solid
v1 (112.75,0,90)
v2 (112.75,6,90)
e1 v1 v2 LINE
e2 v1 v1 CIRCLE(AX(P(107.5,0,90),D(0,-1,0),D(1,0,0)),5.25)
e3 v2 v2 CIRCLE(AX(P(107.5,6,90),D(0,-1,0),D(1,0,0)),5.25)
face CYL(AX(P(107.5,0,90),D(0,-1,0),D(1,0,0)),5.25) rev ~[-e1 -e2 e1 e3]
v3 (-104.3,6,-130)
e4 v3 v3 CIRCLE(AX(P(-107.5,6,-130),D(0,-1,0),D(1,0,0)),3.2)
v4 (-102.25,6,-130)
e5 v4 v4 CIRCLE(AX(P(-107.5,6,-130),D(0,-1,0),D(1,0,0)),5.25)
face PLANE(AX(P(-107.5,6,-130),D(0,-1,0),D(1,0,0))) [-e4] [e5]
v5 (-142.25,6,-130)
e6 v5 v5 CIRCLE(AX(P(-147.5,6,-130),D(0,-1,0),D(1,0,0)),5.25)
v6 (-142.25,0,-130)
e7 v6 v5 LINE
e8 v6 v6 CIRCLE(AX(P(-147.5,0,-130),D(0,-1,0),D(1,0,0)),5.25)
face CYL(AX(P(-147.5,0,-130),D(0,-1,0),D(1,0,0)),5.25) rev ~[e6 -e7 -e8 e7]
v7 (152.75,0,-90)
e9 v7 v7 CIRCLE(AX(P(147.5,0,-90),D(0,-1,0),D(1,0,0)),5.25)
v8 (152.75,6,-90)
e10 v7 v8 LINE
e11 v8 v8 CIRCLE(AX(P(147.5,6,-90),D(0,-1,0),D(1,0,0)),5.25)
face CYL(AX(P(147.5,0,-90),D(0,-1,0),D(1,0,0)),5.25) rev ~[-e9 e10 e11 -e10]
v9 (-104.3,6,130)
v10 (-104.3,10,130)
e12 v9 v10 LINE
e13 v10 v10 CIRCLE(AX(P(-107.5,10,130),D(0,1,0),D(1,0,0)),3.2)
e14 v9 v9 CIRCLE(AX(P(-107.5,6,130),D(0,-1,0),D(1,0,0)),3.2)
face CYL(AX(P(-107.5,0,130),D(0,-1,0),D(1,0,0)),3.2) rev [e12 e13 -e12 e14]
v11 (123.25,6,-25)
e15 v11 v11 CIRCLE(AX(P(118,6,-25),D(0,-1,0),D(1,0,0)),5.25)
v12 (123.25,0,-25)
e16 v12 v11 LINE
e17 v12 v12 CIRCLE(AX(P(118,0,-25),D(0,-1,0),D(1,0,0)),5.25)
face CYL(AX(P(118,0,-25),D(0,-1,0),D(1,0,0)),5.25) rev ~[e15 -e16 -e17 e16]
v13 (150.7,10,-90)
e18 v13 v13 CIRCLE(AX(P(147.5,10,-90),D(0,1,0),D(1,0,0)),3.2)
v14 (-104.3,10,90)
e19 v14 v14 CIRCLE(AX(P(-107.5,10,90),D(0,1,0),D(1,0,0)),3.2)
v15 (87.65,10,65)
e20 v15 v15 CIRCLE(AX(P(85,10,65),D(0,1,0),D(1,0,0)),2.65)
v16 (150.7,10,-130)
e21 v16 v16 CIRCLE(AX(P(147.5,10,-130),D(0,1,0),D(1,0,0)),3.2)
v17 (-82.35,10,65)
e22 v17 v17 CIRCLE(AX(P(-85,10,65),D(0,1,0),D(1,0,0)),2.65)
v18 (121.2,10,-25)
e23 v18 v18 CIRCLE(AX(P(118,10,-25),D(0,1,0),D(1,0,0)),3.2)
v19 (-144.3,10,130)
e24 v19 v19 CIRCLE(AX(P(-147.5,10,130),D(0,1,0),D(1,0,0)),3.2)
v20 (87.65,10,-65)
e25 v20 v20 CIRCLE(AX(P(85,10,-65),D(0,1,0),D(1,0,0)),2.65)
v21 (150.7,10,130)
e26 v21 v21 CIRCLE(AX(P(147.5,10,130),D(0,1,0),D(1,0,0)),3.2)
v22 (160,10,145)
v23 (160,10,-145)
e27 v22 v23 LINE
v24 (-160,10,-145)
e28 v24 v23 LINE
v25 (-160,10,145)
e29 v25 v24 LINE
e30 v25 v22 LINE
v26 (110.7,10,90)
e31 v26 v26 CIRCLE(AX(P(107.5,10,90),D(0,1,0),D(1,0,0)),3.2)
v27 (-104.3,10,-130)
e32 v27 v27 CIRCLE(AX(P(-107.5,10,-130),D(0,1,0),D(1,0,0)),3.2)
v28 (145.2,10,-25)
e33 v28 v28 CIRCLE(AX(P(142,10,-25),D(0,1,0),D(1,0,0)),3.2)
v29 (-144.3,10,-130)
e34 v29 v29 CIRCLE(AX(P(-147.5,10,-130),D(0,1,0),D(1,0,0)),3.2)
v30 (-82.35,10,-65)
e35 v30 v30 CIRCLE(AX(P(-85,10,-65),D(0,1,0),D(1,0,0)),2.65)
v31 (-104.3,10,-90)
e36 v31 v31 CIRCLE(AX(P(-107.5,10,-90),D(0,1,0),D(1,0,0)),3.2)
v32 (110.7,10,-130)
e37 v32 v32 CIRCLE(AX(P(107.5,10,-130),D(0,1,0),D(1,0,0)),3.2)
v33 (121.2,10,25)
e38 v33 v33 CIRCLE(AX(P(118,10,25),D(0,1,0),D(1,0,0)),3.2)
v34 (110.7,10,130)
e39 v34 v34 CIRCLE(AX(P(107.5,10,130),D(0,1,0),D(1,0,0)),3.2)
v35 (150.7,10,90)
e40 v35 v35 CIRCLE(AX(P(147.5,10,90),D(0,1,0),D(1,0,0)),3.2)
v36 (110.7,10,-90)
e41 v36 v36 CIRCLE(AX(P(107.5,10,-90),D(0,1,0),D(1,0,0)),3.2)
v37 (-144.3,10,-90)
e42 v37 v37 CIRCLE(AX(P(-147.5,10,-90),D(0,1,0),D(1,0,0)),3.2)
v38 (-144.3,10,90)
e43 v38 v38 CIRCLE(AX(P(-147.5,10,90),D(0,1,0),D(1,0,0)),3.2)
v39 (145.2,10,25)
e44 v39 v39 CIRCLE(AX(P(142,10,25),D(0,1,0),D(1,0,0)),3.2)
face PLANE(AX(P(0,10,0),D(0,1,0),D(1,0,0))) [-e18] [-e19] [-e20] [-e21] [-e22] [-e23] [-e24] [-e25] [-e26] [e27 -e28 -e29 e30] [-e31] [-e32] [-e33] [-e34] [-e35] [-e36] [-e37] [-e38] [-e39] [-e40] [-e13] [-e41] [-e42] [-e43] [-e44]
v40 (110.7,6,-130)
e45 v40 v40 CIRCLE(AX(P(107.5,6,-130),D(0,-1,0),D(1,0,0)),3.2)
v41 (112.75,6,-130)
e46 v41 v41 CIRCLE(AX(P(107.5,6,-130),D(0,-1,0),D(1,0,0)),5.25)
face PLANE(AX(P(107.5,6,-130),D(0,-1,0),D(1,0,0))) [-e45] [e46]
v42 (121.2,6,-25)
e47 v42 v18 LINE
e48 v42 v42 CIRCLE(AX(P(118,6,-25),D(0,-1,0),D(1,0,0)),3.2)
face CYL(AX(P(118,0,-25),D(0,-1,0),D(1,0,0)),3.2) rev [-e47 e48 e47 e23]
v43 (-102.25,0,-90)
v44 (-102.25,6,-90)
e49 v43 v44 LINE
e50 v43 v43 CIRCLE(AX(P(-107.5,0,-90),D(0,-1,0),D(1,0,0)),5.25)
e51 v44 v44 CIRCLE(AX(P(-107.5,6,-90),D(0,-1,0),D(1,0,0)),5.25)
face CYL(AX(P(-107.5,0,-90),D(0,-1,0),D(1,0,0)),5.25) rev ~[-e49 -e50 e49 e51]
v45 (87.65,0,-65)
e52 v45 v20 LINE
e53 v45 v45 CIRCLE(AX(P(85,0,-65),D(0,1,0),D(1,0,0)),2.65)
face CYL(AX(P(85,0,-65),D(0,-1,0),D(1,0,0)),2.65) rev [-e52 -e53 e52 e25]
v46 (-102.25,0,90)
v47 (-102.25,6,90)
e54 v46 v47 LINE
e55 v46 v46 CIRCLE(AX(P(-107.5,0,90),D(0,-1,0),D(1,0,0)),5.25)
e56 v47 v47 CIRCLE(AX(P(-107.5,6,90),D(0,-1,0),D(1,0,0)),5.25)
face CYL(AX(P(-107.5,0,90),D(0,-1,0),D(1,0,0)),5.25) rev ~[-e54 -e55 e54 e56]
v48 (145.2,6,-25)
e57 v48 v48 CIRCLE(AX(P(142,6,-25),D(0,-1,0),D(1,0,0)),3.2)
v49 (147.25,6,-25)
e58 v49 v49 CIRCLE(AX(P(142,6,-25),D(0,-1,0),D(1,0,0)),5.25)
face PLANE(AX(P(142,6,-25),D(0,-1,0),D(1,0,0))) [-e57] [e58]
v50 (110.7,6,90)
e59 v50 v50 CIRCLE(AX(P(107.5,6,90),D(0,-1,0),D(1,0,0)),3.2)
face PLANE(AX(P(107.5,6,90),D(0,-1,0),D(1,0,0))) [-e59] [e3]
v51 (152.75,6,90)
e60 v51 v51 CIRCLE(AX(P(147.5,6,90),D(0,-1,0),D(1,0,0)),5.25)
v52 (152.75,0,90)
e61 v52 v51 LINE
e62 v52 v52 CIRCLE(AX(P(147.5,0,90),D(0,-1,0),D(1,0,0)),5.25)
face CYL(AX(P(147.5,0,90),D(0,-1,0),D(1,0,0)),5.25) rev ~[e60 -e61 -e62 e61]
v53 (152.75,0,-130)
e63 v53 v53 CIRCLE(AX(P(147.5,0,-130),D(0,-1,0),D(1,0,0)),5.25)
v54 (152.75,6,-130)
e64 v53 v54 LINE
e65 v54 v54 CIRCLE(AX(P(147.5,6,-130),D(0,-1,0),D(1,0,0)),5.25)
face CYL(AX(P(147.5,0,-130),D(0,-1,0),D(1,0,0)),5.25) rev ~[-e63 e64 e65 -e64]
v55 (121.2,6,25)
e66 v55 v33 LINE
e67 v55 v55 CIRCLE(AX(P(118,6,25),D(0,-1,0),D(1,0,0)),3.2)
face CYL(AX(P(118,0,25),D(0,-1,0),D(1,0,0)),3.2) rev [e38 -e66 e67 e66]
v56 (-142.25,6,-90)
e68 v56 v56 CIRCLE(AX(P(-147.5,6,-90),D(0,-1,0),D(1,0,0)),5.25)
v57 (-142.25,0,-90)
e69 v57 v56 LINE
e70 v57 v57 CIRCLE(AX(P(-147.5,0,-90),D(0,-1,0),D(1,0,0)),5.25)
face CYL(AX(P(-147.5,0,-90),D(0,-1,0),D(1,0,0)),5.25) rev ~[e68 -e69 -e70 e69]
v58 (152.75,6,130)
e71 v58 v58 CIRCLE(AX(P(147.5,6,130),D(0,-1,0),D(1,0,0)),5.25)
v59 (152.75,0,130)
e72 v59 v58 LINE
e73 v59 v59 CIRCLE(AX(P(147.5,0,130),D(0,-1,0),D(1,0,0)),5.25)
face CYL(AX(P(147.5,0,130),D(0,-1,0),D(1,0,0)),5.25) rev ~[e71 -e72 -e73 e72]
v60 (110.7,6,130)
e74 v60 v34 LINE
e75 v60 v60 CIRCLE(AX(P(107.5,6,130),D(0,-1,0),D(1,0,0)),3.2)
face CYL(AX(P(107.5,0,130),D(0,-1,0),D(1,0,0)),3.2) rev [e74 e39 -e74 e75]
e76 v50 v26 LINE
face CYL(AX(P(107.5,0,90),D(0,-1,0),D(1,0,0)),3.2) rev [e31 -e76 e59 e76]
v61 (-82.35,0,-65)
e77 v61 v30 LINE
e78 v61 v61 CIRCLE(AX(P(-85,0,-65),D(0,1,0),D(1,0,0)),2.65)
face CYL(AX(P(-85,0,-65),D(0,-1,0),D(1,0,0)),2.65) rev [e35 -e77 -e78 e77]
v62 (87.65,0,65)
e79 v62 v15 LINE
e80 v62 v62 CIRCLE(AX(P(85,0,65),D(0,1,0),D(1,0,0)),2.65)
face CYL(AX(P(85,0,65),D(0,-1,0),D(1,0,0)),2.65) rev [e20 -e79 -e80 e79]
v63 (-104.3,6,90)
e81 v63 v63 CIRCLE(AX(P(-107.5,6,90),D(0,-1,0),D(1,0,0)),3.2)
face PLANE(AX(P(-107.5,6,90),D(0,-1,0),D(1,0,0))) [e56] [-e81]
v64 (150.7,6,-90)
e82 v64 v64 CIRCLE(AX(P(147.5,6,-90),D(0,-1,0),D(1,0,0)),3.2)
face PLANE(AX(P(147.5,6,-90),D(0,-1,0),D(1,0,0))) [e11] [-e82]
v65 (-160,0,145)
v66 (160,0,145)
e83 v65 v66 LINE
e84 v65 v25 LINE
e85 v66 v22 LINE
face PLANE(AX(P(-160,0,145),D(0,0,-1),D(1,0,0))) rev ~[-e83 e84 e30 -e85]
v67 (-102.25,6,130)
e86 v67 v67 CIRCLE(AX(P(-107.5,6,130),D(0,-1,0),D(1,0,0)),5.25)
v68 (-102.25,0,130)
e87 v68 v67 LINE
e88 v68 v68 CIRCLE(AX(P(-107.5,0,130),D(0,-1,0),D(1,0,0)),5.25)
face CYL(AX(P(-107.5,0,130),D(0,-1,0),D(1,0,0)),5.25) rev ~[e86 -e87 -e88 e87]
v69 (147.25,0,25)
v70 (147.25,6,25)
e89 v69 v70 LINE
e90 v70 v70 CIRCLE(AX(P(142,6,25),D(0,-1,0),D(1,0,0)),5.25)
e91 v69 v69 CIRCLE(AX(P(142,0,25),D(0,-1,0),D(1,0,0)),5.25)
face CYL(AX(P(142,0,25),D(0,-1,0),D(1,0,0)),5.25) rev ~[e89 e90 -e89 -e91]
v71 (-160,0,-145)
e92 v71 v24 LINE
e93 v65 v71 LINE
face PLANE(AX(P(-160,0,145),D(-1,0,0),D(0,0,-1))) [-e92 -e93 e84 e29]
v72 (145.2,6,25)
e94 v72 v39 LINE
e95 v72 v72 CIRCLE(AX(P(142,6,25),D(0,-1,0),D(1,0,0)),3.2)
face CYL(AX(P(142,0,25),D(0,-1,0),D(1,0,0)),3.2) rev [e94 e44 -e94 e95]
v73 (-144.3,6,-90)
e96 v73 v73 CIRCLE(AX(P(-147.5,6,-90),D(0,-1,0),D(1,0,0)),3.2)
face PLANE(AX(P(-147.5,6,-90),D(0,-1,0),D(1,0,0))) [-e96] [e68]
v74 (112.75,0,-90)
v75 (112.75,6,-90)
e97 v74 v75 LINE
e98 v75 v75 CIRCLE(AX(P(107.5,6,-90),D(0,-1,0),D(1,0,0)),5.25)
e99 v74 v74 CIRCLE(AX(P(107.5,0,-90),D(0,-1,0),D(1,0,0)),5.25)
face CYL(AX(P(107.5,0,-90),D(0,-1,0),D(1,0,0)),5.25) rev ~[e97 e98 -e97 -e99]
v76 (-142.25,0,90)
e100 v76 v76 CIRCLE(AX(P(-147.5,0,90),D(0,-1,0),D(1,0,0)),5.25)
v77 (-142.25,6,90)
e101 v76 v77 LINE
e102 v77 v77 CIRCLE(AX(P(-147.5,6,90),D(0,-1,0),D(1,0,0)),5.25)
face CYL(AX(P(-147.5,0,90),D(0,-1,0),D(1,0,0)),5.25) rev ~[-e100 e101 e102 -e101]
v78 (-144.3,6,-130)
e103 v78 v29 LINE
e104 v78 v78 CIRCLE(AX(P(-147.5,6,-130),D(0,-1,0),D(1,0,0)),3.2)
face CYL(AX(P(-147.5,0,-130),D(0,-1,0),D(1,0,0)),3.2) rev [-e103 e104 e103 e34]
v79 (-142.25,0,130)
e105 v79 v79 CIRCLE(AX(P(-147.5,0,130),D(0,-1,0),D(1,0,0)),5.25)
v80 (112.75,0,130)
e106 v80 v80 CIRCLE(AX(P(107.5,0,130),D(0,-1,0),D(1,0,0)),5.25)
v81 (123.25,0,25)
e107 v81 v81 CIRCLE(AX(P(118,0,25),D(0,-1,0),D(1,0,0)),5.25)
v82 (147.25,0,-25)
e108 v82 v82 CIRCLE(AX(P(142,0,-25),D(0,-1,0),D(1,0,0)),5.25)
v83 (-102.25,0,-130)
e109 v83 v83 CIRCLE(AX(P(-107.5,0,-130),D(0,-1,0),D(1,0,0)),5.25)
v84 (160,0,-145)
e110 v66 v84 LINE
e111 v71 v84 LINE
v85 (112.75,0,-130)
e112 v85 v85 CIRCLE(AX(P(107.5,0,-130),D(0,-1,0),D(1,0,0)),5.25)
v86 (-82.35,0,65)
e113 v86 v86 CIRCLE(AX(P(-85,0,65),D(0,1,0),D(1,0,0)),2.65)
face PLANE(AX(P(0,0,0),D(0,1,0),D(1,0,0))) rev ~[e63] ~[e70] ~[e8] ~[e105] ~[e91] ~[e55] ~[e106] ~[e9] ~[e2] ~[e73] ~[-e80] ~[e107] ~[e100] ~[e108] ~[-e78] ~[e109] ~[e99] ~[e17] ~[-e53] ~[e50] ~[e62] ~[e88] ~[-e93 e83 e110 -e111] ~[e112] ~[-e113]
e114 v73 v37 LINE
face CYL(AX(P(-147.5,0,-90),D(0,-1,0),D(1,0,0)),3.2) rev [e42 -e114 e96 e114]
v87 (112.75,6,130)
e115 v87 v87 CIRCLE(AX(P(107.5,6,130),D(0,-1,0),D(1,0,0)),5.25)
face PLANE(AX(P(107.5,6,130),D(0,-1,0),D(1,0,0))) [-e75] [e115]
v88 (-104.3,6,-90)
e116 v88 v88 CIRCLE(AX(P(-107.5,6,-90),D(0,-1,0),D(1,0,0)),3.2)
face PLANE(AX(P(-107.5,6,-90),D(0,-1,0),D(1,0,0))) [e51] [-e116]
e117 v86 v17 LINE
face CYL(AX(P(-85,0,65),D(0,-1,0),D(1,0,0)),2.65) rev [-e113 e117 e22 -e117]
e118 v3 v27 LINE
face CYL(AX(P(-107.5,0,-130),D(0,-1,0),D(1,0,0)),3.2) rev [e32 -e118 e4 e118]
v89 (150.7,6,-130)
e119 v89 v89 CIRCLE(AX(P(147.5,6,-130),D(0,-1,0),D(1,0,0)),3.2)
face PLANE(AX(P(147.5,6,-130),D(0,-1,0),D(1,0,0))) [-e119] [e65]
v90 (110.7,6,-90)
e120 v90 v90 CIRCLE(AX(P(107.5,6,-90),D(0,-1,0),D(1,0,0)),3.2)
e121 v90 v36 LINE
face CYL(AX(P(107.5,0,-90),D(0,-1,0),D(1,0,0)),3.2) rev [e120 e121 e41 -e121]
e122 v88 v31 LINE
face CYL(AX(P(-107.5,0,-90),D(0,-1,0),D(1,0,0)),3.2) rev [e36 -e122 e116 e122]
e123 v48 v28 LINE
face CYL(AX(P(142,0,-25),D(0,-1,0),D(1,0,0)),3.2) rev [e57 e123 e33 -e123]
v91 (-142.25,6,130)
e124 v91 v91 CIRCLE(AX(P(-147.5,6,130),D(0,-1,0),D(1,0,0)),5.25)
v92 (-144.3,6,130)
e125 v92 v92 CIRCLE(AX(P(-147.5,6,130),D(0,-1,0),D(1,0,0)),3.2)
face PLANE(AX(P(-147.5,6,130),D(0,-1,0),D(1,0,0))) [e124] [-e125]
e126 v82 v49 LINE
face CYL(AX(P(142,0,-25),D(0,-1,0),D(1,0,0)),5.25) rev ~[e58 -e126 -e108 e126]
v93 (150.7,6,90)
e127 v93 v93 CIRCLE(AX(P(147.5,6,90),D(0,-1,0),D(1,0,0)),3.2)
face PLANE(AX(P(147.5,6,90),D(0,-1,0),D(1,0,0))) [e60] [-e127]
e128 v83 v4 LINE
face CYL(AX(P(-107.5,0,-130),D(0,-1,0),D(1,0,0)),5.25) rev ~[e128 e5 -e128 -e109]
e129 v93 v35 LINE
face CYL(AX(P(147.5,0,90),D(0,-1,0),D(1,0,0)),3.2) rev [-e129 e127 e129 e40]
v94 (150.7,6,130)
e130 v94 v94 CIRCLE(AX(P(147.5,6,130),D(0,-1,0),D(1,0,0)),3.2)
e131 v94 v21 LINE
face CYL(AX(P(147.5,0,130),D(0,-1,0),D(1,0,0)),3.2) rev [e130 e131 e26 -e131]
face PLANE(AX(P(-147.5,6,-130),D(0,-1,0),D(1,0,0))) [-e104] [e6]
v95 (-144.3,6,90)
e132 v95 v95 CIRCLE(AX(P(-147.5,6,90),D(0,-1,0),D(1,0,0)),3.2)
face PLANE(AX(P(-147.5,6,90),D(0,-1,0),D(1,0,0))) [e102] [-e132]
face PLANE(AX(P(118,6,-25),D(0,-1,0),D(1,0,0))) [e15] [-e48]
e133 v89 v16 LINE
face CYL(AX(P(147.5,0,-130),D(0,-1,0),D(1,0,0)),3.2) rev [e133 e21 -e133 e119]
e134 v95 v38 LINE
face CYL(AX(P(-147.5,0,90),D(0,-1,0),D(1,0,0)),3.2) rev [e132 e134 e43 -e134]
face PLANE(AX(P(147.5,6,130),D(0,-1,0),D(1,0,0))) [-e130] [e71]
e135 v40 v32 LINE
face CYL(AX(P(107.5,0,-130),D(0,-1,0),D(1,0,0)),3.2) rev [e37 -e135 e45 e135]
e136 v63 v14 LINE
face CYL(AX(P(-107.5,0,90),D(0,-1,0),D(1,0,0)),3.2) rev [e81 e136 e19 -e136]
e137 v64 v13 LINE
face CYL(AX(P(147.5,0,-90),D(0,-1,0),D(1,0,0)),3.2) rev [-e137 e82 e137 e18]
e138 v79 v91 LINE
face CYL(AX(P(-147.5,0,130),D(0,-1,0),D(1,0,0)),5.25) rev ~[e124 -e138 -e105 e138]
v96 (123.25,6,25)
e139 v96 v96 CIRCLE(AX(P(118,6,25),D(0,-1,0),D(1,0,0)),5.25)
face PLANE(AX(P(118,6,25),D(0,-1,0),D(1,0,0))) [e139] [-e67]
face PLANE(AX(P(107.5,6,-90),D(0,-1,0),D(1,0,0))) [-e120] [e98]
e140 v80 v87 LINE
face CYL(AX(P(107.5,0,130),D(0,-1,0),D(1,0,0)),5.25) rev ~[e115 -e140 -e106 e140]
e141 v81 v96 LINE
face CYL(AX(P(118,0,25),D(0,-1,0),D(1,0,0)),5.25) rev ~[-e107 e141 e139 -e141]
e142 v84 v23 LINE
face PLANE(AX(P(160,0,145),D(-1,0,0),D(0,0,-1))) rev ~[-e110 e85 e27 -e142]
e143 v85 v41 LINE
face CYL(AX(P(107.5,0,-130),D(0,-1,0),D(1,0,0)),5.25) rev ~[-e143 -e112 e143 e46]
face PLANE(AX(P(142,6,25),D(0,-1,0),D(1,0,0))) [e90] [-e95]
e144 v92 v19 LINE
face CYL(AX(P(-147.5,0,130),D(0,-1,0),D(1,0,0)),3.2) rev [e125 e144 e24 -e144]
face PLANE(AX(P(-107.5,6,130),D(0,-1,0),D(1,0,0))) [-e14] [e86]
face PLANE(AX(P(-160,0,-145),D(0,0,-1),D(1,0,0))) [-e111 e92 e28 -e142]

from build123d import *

# Parameters (mm, degrees)
SKETCH_1_W          = 320
SKETCH_1_H          = 290
SKETCH_1_R          = 2.65
SKETCH_1_R_2        = 3.2
EXTRUDE_3_DEPTH     = 10
SKETCH_5_R          = 5.25
CUT_EXTRUDE_1_DEPTH = 6


with BuildPart() as part:
    # Эскиз1 → Бобышка-Вытянуть3 (new body)
    with BuildSketch(Plane(origin=(0, 0, 0), x_dir=(1, 0, 0), z_dir=(0, 1, 0))):
        Rectangle(SKETCH_1_W, SKETCH_1_H)
        with Locations((-85, 65)):
            Circle(SKETCH_1_R, mode=Mode.SUBTRACT)
        with Locations((85, 65)):
            Circle(SKETCH_1_R, mode=Mode.SUBTRACT)
        with Locations((85, -65)):
            Circle(SKETCH_1_R, mode=Mode.SUBTRACT)
        with Locations((-85, -65)):
            Circle(SKETCH_1_R, mode=Mode.SUBTRACT)
        with Locations((-147.5, 130)):
            Circle(SKETCH_1_R_2, mode=Mode.SUBTRACT)
        with Locations((-107.5, 130)):
            Circle(SKETCH_1_R_2, mode=Mode.SUBTRACT)
        with Locations((-107.5, 90)):
            Circle(SKETCH_1_R_2, mode=Mode.SUBTRACT)
        with Locations((-147.5, 90)):
            Circle(SKETCH_1_R_2, mode=Mode.SUBTRACT)
        with Locations((-147.5, -90)):
            Circle(SKETCH_1_R_2, mode=Mode.SUBTRACT)
        with Locations((-107.5, -90)):
            Circle(SKETCH_1_R_2, mode=Mode.SUBTRACT)
        with Locations((-107.5, -130)):
            Circle(SKETCH_1_R_2, mode=Mode.SUBTRACT)
        with Locations((-147.5, -130)):
            Circle(SKETCH_1_R_2, mode=Mode.SUBTRACT)
        with Locations((147.5, -130)):
            Circle(SKETCH_1_R_2, mode=Mode.SUBTRACT)
        with Locations((107.5, -130)):
            Circle(SKETCH_1_R_2, mode=Mode.SUBTRACT)
        with Locations((107.5, -90)):
            Circle(SKETCH_1_R_2, mode=Mode.SUBTRACT)
        with Locations((147.5, -90)):
            Circle(SKETCH_1_R_2, mode=Mode.SUBTRACT)
        with Locations((147.5, 90)):
            Circle(SKETCH_1_R_2, mode=Mode.SUBTRACT)
        with Locations((107.5, 90)):
            Circle(SKETCH_1_R_2, mode=Mode.SUBTRACT)
        with Locations((107.5, 130)):
            Circle(SKETCH_1_R_2, mode=Mode.SUBTRACT)
        with Locations((147.5, 130)):
            Circle(SKETCH_1_R_2, mode=Mode.SUBTRACT)
        with Locations((142, 25)):
            Circle(SKETCH_1_R_2, mode=Mode.SUBTRACT)
        with Locations((118, 25)):
            Circle(SKETCH_1_R_2, mode=Mode.SUBTRACT)
        with Locations((118, -25)):
            Circle(SKETCH_1_R_2, mode=Mode.SUBTRACT)
        with Locations((142, -25)):
            Circle(SKETCH_1_R_2, mode=Mode.SUBTRACT)
    extrude(amount=EXTRUDE_3_DEPTH)

    # Эскиз5 → Вырез-Вытянуть1 (cut)
    with BuildSketch(Plane.XZ):
        with Locations((-147.5, 130)):
            Circle(SKETCH_5_R)
        with Locations((-107.5, 130)):
            Circle(SKETCH_5_R)
        with Locations((-107.5, 90)):
            Circle(SKETCH_5_R)
        with Locations((-147.5, 90)):
            Circle(SKETCH_5_R)
        with Locations((-147.5, -90)):
            Circle(SKETCH_5_R)
        with Locations((-107.5, -90)):
            Circle(SKETCH_5_R)
        with Locations((-107.5, -130)):
            Circle(SKETCH_5_R)
        with Locations((-147.5, -130)):
            Circle(SKETCH_5_R)
        with Locations((147.5, -130)):
            Circle(SKETCH_5_R)
        with Locations((107.5, -130)):
            Circle(SKETCH_5_R)
        with Locations((107.5, -90)):
            Circle(SKETCH_5_R)
        with Locations((147.5, -90)):
            Circle(SKETCH_5_R)
        with Locations((147.5, 90)):
            Circle(SKETCH_5_R)
        with Locations((107.5, 90)):
            Circle(SKETCH_5_R)
        with Locations((107.5, 130)):
            Circle(SKETCH_5_R)
        with Locations((147.5, 130)):
            Circle(SKETCH_5_R)
        with Locations((142, 25)):
            Circle(SKETCH_5_R)
        with Locations((118, 25)):
            Circle(SKETCH_5_R)
        with Locations((118, -25)):
            Circle(SKETCH_5_R)
        with Locations((142, -25)):
            Circle(SKETCH_5_R)
    extrude(amount=-CUT_EXTRUDE_1_DEPTH, mode=Mode.SUBTRACT)


solid = part.part
